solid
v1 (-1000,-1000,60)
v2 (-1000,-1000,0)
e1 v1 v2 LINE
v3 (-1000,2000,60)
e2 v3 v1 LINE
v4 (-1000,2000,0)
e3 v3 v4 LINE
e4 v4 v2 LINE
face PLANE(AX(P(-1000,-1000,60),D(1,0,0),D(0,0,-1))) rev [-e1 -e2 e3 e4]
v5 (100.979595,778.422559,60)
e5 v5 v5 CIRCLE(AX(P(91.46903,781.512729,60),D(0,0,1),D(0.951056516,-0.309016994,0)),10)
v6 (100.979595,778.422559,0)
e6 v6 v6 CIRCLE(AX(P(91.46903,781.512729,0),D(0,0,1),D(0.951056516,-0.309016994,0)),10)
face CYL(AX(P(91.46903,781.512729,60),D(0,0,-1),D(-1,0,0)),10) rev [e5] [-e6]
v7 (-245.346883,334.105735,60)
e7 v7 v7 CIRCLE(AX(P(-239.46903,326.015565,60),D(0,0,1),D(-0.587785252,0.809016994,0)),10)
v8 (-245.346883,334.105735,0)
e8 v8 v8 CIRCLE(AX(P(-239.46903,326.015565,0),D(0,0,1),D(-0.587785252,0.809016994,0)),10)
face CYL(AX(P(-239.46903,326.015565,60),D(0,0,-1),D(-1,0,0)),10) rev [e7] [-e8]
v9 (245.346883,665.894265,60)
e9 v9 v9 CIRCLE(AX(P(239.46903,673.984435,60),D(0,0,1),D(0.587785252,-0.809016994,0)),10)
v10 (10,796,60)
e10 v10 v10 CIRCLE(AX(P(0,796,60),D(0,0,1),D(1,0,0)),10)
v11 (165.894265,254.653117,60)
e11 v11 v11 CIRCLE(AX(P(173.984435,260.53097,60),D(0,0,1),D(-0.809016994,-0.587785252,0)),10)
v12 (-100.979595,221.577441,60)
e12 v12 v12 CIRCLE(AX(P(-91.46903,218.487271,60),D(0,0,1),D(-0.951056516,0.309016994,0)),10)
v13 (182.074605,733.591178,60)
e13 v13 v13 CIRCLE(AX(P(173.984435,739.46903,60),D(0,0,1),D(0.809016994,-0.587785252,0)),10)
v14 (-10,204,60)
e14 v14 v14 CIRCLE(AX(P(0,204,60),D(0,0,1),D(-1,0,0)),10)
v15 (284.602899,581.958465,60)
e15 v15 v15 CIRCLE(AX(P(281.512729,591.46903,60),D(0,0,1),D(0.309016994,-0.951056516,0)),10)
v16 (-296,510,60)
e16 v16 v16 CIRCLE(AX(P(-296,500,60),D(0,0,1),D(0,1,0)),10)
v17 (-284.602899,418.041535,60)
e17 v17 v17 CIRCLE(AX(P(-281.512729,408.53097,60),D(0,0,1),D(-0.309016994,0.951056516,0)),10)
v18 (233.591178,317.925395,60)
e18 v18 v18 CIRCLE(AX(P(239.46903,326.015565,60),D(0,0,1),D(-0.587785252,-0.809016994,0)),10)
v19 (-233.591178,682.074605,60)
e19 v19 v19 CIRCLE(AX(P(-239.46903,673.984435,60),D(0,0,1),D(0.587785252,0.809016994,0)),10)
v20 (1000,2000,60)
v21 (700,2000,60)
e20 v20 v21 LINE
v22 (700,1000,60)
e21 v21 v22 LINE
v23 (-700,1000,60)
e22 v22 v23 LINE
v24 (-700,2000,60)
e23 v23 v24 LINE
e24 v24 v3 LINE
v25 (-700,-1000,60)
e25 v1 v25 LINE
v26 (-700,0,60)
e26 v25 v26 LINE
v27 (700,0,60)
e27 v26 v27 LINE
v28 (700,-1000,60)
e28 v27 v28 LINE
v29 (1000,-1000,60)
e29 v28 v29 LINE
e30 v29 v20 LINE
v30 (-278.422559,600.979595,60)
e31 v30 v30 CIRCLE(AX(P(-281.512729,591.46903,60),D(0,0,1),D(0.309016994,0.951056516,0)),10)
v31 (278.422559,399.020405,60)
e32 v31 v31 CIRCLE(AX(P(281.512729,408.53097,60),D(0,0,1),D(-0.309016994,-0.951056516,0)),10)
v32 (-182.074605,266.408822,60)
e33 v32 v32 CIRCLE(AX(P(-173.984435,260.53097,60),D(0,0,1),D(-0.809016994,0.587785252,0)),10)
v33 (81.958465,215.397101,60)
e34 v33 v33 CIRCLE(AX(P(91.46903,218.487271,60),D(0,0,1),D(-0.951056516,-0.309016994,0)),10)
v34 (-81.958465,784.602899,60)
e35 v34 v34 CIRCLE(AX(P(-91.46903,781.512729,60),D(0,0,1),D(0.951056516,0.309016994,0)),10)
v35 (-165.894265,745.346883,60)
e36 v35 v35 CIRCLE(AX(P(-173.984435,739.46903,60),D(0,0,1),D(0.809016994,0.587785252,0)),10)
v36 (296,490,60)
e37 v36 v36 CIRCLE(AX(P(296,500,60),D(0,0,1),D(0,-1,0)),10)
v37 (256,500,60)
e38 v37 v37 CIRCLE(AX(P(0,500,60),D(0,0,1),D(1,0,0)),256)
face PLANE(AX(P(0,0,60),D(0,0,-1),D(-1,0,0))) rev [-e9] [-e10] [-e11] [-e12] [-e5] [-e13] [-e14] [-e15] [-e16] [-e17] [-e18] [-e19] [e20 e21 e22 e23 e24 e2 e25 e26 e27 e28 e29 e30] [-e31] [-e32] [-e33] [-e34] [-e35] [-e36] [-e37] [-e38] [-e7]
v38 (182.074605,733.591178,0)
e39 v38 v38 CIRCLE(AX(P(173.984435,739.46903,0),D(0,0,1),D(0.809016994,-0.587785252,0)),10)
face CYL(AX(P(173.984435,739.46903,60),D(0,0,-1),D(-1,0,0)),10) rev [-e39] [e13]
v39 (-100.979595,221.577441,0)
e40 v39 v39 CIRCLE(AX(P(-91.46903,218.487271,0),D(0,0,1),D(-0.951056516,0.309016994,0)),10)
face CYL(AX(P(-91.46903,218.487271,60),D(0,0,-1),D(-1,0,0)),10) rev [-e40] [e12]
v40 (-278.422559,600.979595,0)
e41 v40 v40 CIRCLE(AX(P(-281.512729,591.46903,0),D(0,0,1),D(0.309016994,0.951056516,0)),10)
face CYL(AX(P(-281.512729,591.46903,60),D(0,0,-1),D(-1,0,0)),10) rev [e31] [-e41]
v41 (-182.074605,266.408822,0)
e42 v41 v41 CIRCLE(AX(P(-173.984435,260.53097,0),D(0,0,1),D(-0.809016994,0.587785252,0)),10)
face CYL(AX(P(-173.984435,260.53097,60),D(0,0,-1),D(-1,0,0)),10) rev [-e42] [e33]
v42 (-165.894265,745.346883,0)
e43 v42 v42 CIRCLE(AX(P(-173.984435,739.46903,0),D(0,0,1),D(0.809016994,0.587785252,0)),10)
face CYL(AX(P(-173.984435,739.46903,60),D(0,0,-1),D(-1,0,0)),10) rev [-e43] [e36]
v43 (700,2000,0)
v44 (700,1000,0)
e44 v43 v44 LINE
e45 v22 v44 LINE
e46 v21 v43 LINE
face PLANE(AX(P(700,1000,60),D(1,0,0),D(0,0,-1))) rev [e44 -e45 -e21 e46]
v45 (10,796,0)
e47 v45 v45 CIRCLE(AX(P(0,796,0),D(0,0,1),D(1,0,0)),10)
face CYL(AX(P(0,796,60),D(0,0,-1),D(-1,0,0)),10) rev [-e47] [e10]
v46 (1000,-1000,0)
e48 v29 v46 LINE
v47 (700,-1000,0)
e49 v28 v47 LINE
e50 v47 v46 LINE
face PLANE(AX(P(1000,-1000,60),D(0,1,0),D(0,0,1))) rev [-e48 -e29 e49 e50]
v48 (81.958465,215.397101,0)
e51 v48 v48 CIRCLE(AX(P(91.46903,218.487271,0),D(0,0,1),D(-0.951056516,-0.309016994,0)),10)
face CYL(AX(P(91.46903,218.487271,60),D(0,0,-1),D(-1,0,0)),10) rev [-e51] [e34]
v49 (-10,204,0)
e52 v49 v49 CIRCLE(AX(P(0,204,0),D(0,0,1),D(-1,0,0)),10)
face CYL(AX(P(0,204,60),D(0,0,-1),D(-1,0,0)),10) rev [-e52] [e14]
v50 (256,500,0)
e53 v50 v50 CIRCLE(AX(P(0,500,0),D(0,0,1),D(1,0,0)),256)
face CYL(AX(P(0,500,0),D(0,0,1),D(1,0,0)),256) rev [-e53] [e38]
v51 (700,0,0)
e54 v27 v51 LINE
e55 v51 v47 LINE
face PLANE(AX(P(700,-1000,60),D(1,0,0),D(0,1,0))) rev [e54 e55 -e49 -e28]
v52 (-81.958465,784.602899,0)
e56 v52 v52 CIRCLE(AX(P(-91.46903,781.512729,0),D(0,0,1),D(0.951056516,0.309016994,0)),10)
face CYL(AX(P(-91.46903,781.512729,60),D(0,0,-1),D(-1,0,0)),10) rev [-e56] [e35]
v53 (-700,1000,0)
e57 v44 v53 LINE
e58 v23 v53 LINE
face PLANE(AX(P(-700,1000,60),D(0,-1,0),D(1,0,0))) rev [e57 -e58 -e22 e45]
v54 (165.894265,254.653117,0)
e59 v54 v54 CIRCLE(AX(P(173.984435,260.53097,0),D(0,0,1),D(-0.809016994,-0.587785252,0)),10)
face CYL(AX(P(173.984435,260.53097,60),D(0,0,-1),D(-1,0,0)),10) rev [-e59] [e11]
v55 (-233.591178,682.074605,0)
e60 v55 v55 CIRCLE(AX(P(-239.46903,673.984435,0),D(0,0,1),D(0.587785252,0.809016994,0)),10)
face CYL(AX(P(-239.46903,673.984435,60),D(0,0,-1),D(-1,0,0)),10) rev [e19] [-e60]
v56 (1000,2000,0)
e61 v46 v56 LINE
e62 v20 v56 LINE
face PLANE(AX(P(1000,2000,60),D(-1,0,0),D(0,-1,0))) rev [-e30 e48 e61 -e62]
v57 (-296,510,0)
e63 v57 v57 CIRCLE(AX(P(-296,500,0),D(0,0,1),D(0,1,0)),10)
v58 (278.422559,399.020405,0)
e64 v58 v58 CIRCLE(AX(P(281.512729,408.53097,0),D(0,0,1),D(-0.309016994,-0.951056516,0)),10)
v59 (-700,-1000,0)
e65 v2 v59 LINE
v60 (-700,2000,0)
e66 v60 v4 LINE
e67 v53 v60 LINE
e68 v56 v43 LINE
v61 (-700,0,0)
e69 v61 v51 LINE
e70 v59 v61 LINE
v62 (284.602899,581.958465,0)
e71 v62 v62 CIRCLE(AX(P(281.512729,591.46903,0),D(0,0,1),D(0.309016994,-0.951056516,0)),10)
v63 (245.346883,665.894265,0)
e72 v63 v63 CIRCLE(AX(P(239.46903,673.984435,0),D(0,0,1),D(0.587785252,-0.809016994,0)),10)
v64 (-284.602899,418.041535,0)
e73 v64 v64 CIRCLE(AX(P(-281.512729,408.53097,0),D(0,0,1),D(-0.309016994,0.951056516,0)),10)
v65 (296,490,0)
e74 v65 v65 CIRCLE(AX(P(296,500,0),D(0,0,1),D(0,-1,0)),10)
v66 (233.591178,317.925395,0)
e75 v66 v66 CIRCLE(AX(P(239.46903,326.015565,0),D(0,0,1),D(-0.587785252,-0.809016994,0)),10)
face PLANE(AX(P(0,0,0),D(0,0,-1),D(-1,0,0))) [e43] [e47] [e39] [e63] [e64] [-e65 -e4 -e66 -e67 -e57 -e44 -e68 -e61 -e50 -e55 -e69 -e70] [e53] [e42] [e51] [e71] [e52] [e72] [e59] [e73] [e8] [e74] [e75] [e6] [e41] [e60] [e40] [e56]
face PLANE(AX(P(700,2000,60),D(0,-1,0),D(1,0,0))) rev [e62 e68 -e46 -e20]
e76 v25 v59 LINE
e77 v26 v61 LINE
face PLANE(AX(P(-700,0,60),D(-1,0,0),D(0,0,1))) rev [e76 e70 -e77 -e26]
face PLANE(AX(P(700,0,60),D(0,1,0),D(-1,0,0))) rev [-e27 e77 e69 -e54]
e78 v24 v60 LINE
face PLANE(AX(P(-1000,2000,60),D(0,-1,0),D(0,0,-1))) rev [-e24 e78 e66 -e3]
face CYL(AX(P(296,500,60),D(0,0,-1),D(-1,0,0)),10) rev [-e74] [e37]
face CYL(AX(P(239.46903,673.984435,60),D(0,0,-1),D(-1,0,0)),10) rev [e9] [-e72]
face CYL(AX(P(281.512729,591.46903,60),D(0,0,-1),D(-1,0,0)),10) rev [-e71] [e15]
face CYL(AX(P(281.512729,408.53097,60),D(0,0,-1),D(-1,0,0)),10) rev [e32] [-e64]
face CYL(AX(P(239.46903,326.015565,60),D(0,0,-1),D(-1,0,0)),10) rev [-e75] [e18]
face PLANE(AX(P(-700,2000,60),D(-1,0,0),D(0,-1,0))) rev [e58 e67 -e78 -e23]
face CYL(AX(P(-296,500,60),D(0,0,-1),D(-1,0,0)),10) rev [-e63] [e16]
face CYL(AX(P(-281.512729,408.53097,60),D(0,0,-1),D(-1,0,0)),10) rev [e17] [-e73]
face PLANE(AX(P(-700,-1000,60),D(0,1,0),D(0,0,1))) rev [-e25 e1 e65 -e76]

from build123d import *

# Parameters (mm, degrees)
BOSS_EXTRU_1_DEPTH           = 60
ESQUISSE2_R                  = 256
ENL_V_MAT_EXTRU_1_DEPTH      = 2237.872817127
ESQUISSE5_R                  = 10
ENL_V_MAT_EXTRU_3_DEPTH      = 2237.872817127
R_P_TITION_CIRCULAIRE1_COUNT = 20


with BuildPart() as part:
    # Esquisse1 → Boss.-Extru.1 (new body)
    with BuildSketch(Plane.XY):
        Polygon((-1000, 2000), (-700, 2000), (-700, 1000), (700, 1000), (700, 2000), (1000, 2000), (1000, -1000), (700, -1000), (700, 0), (-700, 0), (-700, -1000), (-1000, -1000), align=None)
    extrude(amount=BOSS_EXTRU_1_DEPTH)

    # Esquisse2 → Enlèv. mat.-Extru.1 (cut, through all)
    with BuildSketch(Plane.XY.offset(60)):
        with Locations((0, 500)):
            Circle(ESQUISSE2_R)
    extrude(amount=-ENL_V_MAT_EXTRU_1_DEPTH, mode=Mode.SUBTRACT)

    # Esquisse5 → Enlèv. mat.-Extru.3 (cut, through all)
    with BuildSketch(Plane.XY):
        with Locations((0, 796)):
            Circle(ESQUISSE5_R)
    enl_v_mat_extru_3 = extrude(amount=ENL_V_MAT_EXTRU_3_DEPTH, mode=Mode.SUBTRACT)

    # Répétition circulaire1: Enlèv. mat.-Extru.3 ×20 about axis
    r_p_tition_circulaire1_axis = Axis((0, 500, 0), (0, 0, 1))
    for i in range(1, R_P_TITION_CIRCULAIRE1_COUNT):
        add(enl_v_mat_extru_3.rotate(r_p_tition_circulaire1_axis, i * 360 / R_P_TITION_CIRCULAIRE1_COUNT), mode=Mode.SUBTRACT)


solid = part.part
